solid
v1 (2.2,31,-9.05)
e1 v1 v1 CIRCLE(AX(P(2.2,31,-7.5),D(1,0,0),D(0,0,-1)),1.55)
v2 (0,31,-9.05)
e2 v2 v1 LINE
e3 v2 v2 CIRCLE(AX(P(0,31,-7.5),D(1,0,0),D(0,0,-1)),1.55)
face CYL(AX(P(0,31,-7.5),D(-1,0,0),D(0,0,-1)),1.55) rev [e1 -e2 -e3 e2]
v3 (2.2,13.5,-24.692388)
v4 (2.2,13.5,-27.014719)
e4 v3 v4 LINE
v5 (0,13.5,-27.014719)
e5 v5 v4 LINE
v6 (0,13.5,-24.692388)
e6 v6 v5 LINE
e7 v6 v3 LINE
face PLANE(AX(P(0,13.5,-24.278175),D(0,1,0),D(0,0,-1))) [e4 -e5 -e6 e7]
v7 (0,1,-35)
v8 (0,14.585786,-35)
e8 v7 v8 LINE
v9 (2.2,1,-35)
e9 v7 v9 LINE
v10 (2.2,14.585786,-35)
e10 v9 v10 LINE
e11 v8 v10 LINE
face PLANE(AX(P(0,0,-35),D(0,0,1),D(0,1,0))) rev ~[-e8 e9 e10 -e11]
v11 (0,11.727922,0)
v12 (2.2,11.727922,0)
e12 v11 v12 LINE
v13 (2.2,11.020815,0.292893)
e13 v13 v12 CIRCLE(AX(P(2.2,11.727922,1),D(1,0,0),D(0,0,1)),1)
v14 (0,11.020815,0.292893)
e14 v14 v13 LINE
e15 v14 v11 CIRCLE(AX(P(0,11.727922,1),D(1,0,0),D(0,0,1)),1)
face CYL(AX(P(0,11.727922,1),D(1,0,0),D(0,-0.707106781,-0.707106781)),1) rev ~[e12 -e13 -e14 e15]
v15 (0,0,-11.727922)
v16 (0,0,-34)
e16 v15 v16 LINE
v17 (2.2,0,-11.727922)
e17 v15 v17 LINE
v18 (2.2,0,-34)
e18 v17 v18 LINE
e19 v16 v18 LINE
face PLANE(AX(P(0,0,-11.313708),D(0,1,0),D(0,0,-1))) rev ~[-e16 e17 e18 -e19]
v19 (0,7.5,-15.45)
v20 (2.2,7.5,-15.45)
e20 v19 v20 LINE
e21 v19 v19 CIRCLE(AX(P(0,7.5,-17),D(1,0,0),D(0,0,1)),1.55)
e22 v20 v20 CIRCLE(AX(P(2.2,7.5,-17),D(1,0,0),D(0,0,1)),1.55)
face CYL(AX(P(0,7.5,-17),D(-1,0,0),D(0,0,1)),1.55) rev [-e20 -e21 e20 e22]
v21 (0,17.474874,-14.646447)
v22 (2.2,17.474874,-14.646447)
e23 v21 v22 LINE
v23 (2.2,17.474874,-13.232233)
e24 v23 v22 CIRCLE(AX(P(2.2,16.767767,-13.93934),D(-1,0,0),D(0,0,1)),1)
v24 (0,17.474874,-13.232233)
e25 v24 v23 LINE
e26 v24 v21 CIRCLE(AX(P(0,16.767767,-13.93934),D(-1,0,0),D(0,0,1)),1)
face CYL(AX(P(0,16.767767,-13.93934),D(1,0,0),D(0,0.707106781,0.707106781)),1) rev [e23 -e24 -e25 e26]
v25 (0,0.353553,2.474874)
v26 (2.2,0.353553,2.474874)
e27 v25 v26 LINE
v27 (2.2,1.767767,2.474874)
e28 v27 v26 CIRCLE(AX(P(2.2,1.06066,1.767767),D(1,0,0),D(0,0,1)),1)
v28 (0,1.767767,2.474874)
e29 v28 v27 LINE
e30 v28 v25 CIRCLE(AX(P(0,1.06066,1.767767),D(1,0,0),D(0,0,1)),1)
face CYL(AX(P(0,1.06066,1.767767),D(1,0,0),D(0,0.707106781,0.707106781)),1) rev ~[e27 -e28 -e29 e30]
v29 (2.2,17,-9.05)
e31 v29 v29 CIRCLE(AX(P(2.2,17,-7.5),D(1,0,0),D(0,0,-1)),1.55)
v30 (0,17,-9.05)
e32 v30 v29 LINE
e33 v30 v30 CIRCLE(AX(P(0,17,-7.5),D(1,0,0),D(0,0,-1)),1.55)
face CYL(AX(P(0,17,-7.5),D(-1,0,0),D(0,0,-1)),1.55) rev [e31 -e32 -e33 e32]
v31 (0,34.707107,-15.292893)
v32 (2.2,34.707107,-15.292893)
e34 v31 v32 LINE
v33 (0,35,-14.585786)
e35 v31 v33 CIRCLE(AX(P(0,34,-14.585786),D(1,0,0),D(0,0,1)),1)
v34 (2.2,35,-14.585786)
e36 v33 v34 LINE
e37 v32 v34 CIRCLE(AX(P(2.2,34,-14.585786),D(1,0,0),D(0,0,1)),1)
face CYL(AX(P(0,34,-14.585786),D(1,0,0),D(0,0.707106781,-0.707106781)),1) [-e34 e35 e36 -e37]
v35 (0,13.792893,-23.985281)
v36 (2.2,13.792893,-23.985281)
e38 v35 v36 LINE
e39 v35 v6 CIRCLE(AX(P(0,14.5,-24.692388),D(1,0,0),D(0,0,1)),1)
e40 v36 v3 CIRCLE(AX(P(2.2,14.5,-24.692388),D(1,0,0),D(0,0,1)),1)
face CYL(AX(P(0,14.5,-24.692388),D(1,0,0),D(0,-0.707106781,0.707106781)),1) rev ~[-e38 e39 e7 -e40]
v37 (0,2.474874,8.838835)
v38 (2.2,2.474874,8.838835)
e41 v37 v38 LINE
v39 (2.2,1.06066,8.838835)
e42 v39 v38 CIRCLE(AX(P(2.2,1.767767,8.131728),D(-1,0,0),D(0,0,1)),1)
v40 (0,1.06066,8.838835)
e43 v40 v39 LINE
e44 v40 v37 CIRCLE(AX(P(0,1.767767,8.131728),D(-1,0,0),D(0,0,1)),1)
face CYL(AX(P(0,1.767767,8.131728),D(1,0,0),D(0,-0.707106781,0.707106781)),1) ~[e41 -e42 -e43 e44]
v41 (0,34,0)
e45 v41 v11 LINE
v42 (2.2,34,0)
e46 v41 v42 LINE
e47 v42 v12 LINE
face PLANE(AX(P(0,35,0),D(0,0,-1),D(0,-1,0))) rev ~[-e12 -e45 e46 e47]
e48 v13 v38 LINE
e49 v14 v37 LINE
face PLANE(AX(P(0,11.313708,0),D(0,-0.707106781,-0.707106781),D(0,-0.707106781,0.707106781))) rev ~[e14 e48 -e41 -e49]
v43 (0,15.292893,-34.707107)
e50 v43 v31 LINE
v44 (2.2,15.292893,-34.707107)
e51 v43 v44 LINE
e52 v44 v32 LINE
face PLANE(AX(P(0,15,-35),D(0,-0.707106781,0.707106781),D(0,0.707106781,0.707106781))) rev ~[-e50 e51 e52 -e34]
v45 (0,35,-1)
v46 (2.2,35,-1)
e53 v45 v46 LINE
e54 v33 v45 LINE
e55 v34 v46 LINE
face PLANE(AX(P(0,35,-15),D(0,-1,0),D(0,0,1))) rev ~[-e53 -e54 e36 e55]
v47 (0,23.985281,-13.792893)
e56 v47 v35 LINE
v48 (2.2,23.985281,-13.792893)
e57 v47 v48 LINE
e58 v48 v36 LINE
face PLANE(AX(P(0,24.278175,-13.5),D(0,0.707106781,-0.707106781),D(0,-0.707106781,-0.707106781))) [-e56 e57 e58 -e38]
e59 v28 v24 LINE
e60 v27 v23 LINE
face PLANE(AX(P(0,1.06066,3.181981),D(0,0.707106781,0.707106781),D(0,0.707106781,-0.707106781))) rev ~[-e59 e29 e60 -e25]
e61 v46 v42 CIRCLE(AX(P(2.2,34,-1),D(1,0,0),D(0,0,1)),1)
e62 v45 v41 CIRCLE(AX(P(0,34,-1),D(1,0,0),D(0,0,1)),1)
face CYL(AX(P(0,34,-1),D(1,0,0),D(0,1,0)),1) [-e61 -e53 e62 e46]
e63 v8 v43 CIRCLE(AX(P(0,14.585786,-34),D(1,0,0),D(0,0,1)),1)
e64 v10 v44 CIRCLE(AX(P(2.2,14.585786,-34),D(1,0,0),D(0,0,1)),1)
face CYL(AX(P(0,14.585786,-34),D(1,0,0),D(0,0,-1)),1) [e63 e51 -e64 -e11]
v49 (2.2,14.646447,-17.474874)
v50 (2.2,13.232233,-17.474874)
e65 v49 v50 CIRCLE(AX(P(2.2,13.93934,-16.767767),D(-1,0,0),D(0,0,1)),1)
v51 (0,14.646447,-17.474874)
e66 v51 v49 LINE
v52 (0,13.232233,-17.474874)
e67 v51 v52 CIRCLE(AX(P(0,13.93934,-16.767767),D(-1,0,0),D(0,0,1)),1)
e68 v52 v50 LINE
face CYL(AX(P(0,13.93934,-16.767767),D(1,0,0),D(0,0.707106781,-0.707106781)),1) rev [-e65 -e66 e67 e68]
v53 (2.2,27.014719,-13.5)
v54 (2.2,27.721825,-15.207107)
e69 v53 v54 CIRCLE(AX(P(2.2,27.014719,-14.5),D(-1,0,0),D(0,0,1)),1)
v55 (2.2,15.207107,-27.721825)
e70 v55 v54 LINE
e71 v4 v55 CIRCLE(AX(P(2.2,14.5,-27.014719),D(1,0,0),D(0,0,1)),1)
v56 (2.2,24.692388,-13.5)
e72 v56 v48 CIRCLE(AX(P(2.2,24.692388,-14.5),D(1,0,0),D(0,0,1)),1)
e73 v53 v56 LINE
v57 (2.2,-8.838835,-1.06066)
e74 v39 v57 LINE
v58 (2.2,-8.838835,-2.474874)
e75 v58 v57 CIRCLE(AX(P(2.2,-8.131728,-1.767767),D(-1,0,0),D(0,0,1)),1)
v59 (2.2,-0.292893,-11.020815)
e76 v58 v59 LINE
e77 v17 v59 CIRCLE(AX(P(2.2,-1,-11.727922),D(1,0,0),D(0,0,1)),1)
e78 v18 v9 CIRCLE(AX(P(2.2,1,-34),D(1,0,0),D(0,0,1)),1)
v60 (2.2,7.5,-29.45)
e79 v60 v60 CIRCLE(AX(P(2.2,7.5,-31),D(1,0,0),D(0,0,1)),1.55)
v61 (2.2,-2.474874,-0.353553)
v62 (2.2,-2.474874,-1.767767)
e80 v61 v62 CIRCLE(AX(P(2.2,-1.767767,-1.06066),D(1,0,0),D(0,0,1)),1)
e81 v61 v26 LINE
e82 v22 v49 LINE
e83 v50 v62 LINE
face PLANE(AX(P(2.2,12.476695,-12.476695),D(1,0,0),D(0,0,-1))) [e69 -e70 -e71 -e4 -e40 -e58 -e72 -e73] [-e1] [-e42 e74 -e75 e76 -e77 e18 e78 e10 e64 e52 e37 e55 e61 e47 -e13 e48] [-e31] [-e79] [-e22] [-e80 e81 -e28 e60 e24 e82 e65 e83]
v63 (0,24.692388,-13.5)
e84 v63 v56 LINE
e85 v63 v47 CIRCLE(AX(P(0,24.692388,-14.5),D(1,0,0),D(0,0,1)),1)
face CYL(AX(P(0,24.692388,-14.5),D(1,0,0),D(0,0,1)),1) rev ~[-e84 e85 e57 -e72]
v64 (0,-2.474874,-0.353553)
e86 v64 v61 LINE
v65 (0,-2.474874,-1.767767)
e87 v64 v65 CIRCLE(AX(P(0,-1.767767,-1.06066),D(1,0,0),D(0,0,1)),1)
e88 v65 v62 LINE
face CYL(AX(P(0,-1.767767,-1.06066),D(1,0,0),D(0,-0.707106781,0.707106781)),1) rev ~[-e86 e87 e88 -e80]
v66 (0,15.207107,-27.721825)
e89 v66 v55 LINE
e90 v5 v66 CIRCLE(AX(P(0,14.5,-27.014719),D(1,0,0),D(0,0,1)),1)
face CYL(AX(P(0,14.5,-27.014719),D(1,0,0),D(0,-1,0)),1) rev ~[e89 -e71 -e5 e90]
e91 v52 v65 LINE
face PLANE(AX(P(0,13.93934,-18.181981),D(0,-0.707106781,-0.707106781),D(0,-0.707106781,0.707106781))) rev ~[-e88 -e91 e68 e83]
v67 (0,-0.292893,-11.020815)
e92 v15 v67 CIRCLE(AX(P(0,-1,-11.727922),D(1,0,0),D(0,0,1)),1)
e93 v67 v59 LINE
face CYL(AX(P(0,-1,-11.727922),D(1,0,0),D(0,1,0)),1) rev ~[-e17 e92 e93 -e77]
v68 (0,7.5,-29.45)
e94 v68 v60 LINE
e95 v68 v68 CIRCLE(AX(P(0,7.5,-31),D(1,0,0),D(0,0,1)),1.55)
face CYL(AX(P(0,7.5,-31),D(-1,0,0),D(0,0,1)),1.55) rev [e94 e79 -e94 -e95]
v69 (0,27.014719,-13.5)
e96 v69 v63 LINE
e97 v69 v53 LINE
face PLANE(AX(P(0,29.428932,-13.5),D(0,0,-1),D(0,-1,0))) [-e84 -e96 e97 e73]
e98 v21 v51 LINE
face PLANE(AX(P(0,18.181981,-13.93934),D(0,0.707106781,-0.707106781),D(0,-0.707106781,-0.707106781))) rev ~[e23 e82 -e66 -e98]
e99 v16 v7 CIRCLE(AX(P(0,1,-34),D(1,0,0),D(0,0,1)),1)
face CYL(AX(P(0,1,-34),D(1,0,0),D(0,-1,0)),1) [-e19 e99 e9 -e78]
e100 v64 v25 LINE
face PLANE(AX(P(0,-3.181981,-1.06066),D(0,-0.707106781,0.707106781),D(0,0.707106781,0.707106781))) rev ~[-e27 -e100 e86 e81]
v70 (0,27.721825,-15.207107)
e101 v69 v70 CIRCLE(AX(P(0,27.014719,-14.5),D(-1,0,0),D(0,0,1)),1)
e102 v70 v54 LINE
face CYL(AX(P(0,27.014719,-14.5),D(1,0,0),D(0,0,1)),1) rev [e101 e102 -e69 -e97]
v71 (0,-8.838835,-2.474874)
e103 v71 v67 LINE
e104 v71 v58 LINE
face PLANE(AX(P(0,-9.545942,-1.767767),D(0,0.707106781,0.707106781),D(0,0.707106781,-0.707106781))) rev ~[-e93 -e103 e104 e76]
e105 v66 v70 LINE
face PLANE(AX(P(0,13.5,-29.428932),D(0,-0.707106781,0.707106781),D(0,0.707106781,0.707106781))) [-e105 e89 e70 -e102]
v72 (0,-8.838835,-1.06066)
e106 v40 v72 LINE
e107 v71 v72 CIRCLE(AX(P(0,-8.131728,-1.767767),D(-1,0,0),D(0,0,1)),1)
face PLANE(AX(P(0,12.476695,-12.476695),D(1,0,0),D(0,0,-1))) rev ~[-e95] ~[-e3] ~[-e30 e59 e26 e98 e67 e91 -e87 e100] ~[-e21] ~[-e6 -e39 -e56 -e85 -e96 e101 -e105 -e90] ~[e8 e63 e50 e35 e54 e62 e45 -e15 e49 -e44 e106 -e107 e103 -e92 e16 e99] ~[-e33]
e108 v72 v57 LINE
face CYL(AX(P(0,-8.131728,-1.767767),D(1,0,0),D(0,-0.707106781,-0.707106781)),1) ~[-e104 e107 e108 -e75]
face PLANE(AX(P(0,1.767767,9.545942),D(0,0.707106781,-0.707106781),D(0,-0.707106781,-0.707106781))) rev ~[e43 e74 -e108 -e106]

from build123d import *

# Parameters (mm, degrees)
SKETCH_1_R      = 1.55
EXTRUDE_1_DEPTH = 2.2
FILLET_1_R      = 1


with BuildPart() as part:
    # 草图1 → 凸台-拉伸1 (new body)
    with BuildSketch(Plane(origin=(0, 0, 0), x_dir=(0, 0, -1), z_dir=(1, 0, 0))):
        Polygon((11.313708499, 0), (35, 0), (35, 15), (15, 35), (0, 35), (0, 11.313708499), (-9.545941546, 1.767766953), (1.767766953, -9.545941546), align=None)
        with Locations((7.5, 31)):
            Circle(SKETCH_1_R, mode=Mode.SUBTRACT)
        with Locations((7.5, 17)):
            Circle(SKETCH_1_R, mode=Mode.SUBTRACT)
        with Locations(Location((31, 7.5, 0), (0, 0, 180))):
            Circle(SKETCH_1_R, mode=Mode.SUBTRACT)
        with Locations(Location((17, 7.5, 0), (0, 0, 180))):
            Circle(SKETCH_1_R, mode=Mode.SUBTRACT)
        Polygon((13.939339828, 18.181980515), (18.181980515, 13.939339828), (1.060660172, -3.181980515), (-3.181980515, 1.060660172), align=None, mode=Mode.SUBTRACT)
        Polygon((13.5, 29.428932188), (13.5, 24.278174593), (24.278174593, 13.5), (29.428932188, 13.5), align=None, mode=Mode.SUBTRACT)
    extrude(amount=EXTRUDE_1_DEPTH)

    # 圆角1
    fillet_1_edges = [part.edges().sort_by_distance(p)[0] for p in [
        (1.1, 35, 0),
        (1.1, 35, -15),
        (1.1, 15, -35),
        (1.1, 0, -35),
        (1.1, 0, -11.313708499),
        (1.1, -9.545941546, -1.767766953),
        (1.1, 1.767766953, 9.545941546),
        (1.1, 11.313708499, 0),
        (1.1, 18.181980515, -13.939339828),
        (1.1, 1.060660172, 3.181980515),
        (1.1, -3.181980515, -1.060660172),
        (1.1, 13.939339828, -18.181980515),
        (1.1, 13.5, -24.278174593),
        (1.1, 13.5, -29.428932188),
        (1.1, 29.428932188, -13.5),
        (1.1, 24.278174593, -13.5),
    ]]
    fillet(fillet_1_edges, radius=FILLET_1_R)


solid = part.part
